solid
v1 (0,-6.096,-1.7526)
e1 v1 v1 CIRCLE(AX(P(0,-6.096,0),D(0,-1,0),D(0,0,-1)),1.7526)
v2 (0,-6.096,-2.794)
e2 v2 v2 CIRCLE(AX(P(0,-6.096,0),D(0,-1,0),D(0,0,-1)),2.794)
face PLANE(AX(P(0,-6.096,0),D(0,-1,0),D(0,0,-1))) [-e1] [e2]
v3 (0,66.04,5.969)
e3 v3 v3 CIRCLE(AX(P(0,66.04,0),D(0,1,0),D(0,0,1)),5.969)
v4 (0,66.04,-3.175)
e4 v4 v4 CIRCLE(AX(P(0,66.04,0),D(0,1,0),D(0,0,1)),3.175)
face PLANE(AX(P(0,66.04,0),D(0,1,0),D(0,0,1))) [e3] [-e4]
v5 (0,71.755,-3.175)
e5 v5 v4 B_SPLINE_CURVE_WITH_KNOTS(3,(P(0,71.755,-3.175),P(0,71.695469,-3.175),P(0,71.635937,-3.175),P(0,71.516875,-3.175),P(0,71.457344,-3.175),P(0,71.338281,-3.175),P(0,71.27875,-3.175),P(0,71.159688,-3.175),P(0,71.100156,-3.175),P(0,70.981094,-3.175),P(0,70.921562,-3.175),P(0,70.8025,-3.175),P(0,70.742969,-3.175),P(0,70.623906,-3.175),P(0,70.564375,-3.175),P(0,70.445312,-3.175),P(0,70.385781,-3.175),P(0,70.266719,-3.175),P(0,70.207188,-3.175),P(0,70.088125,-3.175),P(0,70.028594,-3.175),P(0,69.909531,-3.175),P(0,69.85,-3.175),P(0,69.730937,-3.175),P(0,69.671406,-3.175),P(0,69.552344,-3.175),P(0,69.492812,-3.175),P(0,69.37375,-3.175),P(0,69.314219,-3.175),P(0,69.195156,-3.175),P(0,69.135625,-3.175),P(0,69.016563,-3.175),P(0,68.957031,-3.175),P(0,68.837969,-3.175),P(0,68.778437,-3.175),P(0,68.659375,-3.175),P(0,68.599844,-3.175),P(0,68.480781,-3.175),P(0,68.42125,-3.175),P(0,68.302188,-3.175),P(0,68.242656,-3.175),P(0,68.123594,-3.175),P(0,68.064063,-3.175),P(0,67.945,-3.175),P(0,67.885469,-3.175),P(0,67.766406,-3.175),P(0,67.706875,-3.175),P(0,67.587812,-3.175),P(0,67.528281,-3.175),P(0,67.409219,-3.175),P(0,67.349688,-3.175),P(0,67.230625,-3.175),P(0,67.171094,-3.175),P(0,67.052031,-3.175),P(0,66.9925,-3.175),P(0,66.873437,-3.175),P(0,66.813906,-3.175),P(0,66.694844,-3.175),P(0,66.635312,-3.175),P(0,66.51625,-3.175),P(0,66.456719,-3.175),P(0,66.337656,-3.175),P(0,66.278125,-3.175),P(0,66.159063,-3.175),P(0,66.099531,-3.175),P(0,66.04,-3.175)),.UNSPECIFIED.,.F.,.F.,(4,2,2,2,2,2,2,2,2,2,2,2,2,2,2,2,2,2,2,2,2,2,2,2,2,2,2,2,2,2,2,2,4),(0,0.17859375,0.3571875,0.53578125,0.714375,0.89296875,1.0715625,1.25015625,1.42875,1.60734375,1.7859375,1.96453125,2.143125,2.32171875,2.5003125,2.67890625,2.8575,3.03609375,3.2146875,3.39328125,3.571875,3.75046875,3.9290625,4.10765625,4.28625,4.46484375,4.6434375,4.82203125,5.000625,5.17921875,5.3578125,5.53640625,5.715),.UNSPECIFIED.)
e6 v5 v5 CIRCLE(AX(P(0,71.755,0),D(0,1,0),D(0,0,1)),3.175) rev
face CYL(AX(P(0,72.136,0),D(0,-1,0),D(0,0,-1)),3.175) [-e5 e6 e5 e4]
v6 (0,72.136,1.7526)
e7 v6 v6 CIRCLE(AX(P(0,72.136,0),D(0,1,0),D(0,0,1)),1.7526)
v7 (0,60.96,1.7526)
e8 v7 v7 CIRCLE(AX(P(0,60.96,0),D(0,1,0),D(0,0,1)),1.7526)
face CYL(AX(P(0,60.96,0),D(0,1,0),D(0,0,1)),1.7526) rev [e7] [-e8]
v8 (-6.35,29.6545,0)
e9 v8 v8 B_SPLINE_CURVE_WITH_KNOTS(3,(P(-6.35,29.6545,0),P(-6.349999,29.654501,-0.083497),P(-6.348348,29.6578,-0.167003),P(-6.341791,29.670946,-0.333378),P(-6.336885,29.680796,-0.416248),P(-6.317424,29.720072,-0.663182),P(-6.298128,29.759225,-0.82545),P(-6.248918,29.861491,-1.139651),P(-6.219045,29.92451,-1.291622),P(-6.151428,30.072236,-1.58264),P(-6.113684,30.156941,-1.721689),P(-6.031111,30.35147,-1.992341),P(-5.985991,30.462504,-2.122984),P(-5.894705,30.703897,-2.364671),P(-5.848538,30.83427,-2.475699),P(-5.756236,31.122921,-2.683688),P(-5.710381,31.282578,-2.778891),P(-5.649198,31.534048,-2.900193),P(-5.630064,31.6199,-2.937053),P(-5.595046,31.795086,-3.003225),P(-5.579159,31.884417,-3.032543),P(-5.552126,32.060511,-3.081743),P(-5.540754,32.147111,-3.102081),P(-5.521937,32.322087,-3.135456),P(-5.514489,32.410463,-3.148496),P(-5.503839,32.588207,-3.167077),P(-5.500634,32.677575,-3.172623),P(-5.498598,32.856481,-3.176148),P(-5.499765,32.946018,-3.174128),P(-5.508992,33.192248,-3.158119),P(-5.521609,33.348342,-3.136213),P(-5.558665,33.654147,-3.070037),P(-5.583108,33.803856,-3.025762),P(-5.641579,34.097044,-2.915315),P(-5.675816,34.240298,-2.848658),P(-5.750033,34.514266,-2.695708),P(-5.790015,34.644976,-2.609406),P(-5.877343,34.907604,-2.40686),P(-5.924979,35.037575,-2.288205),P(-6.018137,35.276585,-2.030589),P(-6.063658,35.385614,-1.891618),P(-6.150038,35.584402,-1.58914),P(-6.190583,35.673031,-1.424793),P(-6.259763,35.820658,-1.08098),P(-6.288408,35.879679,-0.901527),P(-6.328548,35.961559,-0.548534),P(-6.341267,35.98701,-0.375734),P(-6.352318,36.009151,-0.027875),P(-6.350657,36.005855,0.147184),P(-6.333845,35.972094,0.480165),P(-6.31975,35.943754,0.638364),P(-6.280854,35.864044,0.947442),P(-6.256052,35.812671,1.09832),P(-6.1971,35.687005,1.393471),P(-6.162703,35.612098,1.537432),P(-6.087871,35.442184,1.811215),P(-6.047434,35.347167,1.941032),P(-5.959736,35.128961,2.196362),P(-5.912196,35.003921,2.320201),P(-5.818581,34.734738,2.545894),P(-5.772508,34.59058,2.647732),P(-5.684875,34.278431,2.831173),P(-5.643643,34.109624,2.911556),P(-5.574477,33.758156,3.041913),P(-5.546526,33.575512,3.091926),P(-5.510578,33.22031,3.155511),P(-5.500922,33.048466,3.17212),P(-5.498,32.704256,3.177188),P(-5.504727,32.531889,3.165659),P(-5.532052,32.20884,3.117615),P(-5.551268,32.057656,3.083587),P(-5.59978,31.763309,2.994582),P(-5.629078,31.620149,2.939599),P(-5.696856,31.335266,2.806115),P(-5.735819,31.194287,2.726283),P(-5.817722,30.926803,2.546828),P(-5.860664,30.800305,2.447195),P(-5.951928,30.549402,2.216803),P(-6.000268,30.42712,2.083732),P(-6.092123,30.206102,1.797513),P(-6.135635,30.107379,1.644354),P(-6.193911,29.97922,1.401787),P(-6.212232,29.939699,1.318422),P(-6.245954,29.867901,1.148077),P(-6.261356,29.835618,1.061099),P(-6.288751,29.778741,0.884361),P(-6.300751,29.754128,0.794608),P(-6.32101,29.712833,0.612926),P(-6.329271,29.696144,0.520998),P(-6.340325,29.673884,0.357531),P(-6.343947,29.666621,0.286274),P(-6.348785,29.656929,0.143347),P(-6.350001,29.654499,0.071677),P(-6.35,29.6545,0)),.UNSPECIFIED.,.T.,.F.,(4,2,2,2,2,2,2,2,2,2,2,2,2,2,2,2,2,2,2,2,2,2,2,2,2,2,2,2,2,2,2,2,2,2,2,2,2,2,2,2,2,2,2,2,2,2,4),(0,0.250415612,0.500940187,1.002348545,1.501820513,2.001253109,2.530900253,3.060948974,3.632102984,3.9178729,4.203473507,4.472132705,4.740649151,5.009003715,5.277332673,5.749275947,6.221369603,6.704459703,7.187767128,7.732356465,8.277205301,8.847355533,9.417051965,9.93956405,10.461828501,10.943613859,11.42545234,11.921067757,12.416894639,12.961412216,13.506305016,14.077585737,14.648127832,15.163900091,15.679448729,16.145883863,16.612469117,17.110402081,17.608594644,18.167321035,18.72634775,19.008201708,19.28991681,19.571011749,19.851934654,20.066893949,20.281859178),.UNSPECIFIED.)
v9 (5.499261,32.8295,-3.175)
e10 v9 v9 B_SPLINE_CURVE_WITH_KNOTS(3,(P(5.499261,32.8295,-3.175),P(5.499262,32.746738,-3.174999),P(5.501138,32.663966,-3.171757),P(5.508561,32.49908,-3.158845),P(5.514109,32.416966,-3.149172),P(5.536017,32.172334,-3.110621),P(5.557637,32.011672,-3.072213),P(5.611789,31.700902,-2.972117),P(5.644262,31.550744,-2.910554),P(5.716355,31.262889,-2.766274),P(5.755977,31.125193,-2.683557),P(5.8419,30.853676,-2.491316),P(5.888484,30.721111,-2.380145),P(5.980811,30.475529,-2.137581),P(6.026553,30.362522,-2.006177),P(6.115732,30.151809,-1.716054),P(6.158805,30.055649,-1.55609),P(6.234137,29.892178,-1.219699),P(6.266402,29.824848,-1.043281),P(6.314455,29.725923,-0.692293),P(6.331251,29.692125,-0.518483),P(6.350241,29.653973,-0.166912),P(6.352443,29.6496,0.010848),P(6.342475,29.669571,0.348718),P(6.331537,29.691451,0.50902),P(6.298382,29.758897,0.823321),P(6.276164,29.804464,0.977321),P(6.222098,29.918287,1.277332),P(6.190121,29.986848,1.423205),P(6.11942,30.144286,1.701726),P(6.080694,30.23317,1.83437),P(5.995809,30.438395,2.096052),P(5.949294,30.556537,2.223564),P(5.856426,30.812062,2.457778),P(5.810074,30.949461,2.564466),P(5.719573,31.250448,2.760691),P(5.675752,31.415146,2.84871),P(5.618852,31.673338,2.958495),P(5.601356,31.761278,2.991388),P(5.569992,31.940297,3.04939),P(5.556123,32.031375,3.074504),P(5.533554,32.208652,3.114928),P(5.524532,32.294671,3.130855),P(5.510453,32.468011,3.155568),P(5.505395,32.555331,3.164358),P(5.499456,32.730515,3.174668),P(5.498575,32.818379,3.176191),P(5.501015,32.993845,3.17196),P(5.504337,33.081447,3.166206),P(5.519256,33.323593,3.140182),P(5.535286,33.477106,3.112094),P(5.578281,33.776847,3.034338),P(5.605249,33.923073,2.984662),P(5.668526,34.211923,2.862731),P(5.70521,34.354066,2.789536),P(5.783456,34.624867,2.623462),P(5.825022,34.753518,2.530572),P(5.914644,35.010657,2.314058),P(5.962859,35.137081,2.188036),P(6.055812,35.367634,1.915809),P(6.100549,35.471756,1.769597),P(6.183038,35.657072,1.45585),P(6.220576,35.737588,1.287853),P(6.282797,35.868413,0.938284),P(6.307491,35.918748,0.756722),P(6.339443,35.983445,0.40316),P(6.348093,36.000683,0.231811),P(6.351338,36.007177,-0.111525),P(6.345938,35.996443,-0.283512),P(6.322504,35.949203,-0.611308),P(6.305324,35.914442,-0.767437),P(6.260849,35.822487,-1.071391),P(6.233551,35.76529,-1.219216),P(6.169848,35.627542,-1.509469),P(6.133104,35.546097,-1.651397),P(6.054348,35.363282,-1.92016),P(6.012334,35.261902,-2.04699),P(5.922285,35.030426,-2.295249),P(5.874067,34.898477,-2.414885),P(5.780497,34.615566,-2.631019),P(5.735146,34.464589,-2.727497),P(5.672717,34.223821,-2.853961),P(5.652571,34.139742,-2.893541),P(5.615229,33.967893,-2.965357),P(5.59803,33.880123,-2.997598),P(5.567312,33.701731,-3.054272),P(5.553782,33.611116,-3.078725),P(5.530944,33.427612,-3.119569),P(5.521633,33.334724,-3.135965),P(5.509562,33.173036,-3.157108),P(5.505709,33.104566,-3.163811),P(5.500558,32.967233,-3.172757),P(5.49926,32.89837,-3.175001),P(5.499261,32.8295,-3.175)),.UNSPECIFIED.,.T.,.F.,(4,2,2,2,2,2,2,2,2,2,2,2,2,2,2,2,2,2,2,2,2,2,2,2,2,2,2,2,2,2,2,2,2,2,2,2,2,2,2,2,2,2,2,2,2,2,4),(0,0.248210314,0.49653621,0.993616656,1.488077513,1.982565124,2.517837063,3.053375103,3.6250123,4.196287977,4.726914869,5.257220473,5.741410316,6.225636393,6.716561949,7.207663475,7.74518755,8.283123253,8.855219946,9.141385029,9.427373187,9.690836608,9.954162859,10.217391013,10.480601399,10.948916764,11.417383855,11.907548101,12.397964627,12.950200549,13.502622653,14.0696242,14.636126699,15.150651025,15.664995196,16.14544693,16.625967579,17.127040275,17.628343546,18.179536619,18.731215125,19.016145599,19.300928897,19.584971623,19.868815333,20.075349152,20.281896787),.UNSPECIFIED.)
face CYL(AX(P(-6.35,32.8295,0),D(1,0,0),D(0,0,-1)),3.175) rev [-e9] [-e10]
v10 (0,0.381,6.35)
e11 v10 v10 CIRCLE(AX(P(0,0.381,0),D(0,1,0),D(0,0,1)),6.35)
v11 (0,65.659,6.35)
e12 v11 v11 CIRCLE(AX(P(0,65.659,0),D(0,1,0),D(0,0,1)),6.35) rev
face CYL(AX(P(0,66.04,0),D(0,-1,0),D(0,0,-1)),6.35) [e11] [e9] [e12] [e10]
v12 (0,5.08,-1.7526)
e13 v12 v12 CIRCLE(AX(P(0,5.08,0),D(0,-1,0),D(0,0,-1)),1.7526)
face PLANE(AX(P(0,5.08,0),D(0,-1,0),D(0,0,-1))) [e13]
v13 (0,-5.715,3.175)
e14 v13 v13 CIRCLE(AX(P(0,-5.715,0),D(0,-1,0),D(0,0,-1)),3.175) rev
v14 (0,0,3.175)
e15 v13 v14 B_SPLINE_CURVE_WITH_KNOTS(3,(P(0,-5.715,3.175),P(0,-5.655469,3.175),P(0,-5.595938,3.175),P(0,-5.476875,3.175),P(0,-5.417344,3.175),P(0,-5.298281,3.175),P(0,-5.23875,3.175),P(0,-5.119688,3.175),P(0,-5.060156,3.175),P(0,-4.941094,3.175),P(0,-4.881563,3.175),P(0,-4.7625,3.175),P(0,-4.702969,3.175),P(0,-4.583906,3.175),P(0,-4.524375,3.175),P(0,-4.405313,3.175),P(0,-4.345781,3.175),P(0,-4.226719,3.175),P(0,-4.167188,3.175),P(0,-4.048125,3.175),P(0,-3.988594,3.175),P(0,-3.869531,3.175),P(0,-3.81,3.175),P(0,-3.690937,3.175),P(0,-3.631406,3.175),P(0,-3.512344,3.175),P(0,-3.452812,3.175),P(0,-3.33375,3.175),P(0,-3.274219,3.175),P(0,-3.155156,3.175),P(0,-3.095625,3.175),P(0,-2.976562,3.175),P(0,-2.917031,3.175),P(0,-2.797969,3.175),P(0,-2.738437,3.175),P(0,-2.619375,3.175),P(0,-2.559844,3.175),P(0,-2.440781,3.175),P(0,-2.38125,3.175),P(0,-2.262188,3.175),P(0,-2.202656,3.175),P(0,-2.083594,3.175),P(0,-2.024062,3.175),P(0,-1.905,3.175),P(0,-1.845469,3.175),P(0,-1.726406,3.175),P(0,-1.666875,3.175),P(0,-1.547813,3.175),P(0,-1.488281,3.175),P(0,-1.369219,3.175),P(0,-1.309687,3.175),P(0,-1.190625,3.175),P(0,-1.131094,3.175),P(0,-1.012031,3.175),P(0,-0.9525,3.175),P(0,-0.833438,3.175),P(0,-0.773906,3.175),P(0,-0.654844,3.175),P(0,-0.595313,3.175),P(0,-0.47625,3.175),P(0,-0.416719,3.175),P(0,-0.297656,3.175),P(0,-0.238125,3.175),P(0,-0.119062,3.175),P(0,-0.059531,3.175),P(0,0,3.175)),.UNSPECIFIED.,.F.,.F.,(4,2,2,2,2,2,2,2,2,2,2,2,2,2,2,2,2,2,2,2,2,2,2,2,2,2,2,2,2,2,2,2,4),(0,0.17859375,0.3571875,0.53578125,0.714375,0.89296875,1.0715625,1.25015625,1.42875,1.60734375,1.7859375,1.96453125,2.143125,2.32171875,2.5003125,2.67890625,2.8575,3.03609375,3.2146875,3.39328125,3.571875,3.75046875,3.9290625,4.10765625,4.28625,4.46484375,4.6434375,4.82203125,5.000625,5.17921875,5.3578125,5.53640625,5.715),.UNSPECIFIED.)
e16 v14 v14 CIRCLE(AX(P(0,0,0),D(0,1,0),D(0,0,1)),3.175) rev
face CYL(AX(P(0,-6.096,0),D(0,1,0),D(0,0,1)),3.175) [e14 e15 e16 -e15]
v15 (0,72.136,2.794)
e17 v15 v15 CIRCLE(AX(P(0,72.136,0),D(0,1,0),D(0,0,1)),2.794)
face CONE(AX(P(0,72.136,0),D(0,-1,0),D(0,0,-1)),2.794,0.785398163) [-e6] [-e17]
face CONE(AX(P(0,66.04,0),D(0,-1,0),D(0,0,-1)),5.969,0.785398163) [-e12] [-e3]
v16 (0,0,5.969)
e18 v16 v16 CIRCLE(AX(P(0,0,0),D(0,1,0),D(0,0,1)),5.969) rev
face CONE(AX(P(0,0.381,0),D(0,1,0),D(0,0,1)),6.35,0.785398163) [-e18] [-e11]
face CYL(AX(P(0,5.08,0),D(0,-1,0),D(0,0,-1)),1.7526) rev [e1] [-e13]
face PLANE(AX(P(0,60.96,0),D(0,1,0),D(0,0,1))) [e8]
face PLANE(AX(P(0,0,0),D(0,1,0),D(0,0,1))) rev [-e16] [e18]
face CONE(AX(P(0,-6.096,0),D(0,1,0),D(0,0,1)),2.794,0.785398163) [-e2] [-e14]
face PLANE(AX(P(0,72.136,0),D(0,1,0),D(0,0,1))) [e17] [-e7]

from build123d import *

# Parameters (mm, degrees)
SKETCH1_R                     = 6.35
MAIN_BODY_BOSS_EXTRUDE1_DEPTH = 66.04
SKETCH2_R                     = 3.175
TENDON_1_BOSS_EXTRUDE2_DEPTH  = 6.096
TENDON_START                  = 6.096
SKETCH3_R                     = 3.175
TENDON_2_BOSS_EXTRUDE3_DEPTH  = 6.096
SKETCH4_R                     = 1.7526
F_10_32_CUT_EXTRUDE1_DEPTH    = 11.176
F_10_32_START                 = -11.176
SKETCH5_R                     = 1.7526
F_10_32_CUT_EXTRUDE2_DEPTH    = 11.176
CHAMFER1_SIZE                 = 0.381
CUT_EXTRUDE3_DEPTH            = 73.692829743
CUT_EXTRUDE3_DEPTH_BACK       = 73.692829743
SKETCH6_R                     = 3.175


with BuildPart() as part:
    # Sketch1 → Main Body Boss-Extrude1 (new body)
    with BuildSketch(Plane(origin=(0, 0, 0), x_dir=(1, 0, 0), z_dir=(0, 1, 0))):
        with Locations(Location((0, 0, 0), (0, 0, 270))):
            Circle(SKETCH1_R)
    extrude(amount=MAIN_BODY_BOSS_EXTRUDE1_DEPTH)

    # Sketch2 → Tendon 1 Boss-Extrude2 (add)
    with BuildSketch(Plane.XZ):
        with Locations(Location((0, 0, 0), (0, 0, 90))):
            Circle(SKETCH2_R)
    extrude(amount=TENDON_1_BOSS_EXTRUDE2_DEPTH)

    # Sketch3 → Tendon 2 Boss-Extrude3 (add)
    with BuildSketch(Plane(origin=(0, 66.04, 0), x_dir=(1, 0, 0), z_dir=(0, 1, 0)).offset(TENDON_START)):
        with Locations(Location((0, 0, 0), (0, 0, 270))):
            Circle(SKETCH3_R)
    extrude(amount=-TENDON_2_BOSS_EXTRUDE3_DEPTH)

    # Sketch4 → 10_32 Cut-Extrude1 (cut)
    with BuildSketch(Plane(origin=(0, 72.136, 0), x_dir=(1, 0, 0), z_dir=(0, 1, 0))):
        with Locations(Location((0, 0, 0), (0, 0, 270))):
            Circle(SKETCH4_R)
    extrude(amount=-F_10_32_CUT_EXTRUDE1_DEPTH, mode=Mode.SUBTRACT)

    # Sketch5 → 10_32 Cut-Extrude2 (cut)
    with BuildSketch(Plane.XZ.offset(6.096).offset(F_10_32_START)):
        with Locations(Location((0, 0, 0), (0, 0, 90))):
            Circle(SKETCH5_R)
    extrude(amount=F_10_32_CUT_EXTRUDE2_DEPTH, mode=Mode.SUBTRACT)

    # Chamfer1
    chamfer1_edges = [part.edges().sort_by_distance(p)[0] for p in [
        (0, 72.136, -3.175),
        (0, 0, -6.35),
        (0, 66.04, -6.35),
        (0, -6.096, -3.175),
    ]]
    chamfer(chamfer1_edges, length=CHAMFER1_SIZE)

    # Sketch6 → Cut-Extrude3 (cut, two sides: drawn at the far end of the back side and taken through both)
    with BuildSketch(Plane(origin=(0, 0, 0), x_dir=(0, 0, -1), z_dir=(1, 0, 0)).offset(-CUT_EXTRUDE3_DEPTH_BACK)):
        with Locations((0, 32.8295)):
            Circle(SKETCH6_R)
    extrude(amount=CUT_EXTRUDE3_DEPTH + CUT_EXTRUDE3_DEPTH_BACK, mode=Mode.SUBTRACT)


solid = part.part
